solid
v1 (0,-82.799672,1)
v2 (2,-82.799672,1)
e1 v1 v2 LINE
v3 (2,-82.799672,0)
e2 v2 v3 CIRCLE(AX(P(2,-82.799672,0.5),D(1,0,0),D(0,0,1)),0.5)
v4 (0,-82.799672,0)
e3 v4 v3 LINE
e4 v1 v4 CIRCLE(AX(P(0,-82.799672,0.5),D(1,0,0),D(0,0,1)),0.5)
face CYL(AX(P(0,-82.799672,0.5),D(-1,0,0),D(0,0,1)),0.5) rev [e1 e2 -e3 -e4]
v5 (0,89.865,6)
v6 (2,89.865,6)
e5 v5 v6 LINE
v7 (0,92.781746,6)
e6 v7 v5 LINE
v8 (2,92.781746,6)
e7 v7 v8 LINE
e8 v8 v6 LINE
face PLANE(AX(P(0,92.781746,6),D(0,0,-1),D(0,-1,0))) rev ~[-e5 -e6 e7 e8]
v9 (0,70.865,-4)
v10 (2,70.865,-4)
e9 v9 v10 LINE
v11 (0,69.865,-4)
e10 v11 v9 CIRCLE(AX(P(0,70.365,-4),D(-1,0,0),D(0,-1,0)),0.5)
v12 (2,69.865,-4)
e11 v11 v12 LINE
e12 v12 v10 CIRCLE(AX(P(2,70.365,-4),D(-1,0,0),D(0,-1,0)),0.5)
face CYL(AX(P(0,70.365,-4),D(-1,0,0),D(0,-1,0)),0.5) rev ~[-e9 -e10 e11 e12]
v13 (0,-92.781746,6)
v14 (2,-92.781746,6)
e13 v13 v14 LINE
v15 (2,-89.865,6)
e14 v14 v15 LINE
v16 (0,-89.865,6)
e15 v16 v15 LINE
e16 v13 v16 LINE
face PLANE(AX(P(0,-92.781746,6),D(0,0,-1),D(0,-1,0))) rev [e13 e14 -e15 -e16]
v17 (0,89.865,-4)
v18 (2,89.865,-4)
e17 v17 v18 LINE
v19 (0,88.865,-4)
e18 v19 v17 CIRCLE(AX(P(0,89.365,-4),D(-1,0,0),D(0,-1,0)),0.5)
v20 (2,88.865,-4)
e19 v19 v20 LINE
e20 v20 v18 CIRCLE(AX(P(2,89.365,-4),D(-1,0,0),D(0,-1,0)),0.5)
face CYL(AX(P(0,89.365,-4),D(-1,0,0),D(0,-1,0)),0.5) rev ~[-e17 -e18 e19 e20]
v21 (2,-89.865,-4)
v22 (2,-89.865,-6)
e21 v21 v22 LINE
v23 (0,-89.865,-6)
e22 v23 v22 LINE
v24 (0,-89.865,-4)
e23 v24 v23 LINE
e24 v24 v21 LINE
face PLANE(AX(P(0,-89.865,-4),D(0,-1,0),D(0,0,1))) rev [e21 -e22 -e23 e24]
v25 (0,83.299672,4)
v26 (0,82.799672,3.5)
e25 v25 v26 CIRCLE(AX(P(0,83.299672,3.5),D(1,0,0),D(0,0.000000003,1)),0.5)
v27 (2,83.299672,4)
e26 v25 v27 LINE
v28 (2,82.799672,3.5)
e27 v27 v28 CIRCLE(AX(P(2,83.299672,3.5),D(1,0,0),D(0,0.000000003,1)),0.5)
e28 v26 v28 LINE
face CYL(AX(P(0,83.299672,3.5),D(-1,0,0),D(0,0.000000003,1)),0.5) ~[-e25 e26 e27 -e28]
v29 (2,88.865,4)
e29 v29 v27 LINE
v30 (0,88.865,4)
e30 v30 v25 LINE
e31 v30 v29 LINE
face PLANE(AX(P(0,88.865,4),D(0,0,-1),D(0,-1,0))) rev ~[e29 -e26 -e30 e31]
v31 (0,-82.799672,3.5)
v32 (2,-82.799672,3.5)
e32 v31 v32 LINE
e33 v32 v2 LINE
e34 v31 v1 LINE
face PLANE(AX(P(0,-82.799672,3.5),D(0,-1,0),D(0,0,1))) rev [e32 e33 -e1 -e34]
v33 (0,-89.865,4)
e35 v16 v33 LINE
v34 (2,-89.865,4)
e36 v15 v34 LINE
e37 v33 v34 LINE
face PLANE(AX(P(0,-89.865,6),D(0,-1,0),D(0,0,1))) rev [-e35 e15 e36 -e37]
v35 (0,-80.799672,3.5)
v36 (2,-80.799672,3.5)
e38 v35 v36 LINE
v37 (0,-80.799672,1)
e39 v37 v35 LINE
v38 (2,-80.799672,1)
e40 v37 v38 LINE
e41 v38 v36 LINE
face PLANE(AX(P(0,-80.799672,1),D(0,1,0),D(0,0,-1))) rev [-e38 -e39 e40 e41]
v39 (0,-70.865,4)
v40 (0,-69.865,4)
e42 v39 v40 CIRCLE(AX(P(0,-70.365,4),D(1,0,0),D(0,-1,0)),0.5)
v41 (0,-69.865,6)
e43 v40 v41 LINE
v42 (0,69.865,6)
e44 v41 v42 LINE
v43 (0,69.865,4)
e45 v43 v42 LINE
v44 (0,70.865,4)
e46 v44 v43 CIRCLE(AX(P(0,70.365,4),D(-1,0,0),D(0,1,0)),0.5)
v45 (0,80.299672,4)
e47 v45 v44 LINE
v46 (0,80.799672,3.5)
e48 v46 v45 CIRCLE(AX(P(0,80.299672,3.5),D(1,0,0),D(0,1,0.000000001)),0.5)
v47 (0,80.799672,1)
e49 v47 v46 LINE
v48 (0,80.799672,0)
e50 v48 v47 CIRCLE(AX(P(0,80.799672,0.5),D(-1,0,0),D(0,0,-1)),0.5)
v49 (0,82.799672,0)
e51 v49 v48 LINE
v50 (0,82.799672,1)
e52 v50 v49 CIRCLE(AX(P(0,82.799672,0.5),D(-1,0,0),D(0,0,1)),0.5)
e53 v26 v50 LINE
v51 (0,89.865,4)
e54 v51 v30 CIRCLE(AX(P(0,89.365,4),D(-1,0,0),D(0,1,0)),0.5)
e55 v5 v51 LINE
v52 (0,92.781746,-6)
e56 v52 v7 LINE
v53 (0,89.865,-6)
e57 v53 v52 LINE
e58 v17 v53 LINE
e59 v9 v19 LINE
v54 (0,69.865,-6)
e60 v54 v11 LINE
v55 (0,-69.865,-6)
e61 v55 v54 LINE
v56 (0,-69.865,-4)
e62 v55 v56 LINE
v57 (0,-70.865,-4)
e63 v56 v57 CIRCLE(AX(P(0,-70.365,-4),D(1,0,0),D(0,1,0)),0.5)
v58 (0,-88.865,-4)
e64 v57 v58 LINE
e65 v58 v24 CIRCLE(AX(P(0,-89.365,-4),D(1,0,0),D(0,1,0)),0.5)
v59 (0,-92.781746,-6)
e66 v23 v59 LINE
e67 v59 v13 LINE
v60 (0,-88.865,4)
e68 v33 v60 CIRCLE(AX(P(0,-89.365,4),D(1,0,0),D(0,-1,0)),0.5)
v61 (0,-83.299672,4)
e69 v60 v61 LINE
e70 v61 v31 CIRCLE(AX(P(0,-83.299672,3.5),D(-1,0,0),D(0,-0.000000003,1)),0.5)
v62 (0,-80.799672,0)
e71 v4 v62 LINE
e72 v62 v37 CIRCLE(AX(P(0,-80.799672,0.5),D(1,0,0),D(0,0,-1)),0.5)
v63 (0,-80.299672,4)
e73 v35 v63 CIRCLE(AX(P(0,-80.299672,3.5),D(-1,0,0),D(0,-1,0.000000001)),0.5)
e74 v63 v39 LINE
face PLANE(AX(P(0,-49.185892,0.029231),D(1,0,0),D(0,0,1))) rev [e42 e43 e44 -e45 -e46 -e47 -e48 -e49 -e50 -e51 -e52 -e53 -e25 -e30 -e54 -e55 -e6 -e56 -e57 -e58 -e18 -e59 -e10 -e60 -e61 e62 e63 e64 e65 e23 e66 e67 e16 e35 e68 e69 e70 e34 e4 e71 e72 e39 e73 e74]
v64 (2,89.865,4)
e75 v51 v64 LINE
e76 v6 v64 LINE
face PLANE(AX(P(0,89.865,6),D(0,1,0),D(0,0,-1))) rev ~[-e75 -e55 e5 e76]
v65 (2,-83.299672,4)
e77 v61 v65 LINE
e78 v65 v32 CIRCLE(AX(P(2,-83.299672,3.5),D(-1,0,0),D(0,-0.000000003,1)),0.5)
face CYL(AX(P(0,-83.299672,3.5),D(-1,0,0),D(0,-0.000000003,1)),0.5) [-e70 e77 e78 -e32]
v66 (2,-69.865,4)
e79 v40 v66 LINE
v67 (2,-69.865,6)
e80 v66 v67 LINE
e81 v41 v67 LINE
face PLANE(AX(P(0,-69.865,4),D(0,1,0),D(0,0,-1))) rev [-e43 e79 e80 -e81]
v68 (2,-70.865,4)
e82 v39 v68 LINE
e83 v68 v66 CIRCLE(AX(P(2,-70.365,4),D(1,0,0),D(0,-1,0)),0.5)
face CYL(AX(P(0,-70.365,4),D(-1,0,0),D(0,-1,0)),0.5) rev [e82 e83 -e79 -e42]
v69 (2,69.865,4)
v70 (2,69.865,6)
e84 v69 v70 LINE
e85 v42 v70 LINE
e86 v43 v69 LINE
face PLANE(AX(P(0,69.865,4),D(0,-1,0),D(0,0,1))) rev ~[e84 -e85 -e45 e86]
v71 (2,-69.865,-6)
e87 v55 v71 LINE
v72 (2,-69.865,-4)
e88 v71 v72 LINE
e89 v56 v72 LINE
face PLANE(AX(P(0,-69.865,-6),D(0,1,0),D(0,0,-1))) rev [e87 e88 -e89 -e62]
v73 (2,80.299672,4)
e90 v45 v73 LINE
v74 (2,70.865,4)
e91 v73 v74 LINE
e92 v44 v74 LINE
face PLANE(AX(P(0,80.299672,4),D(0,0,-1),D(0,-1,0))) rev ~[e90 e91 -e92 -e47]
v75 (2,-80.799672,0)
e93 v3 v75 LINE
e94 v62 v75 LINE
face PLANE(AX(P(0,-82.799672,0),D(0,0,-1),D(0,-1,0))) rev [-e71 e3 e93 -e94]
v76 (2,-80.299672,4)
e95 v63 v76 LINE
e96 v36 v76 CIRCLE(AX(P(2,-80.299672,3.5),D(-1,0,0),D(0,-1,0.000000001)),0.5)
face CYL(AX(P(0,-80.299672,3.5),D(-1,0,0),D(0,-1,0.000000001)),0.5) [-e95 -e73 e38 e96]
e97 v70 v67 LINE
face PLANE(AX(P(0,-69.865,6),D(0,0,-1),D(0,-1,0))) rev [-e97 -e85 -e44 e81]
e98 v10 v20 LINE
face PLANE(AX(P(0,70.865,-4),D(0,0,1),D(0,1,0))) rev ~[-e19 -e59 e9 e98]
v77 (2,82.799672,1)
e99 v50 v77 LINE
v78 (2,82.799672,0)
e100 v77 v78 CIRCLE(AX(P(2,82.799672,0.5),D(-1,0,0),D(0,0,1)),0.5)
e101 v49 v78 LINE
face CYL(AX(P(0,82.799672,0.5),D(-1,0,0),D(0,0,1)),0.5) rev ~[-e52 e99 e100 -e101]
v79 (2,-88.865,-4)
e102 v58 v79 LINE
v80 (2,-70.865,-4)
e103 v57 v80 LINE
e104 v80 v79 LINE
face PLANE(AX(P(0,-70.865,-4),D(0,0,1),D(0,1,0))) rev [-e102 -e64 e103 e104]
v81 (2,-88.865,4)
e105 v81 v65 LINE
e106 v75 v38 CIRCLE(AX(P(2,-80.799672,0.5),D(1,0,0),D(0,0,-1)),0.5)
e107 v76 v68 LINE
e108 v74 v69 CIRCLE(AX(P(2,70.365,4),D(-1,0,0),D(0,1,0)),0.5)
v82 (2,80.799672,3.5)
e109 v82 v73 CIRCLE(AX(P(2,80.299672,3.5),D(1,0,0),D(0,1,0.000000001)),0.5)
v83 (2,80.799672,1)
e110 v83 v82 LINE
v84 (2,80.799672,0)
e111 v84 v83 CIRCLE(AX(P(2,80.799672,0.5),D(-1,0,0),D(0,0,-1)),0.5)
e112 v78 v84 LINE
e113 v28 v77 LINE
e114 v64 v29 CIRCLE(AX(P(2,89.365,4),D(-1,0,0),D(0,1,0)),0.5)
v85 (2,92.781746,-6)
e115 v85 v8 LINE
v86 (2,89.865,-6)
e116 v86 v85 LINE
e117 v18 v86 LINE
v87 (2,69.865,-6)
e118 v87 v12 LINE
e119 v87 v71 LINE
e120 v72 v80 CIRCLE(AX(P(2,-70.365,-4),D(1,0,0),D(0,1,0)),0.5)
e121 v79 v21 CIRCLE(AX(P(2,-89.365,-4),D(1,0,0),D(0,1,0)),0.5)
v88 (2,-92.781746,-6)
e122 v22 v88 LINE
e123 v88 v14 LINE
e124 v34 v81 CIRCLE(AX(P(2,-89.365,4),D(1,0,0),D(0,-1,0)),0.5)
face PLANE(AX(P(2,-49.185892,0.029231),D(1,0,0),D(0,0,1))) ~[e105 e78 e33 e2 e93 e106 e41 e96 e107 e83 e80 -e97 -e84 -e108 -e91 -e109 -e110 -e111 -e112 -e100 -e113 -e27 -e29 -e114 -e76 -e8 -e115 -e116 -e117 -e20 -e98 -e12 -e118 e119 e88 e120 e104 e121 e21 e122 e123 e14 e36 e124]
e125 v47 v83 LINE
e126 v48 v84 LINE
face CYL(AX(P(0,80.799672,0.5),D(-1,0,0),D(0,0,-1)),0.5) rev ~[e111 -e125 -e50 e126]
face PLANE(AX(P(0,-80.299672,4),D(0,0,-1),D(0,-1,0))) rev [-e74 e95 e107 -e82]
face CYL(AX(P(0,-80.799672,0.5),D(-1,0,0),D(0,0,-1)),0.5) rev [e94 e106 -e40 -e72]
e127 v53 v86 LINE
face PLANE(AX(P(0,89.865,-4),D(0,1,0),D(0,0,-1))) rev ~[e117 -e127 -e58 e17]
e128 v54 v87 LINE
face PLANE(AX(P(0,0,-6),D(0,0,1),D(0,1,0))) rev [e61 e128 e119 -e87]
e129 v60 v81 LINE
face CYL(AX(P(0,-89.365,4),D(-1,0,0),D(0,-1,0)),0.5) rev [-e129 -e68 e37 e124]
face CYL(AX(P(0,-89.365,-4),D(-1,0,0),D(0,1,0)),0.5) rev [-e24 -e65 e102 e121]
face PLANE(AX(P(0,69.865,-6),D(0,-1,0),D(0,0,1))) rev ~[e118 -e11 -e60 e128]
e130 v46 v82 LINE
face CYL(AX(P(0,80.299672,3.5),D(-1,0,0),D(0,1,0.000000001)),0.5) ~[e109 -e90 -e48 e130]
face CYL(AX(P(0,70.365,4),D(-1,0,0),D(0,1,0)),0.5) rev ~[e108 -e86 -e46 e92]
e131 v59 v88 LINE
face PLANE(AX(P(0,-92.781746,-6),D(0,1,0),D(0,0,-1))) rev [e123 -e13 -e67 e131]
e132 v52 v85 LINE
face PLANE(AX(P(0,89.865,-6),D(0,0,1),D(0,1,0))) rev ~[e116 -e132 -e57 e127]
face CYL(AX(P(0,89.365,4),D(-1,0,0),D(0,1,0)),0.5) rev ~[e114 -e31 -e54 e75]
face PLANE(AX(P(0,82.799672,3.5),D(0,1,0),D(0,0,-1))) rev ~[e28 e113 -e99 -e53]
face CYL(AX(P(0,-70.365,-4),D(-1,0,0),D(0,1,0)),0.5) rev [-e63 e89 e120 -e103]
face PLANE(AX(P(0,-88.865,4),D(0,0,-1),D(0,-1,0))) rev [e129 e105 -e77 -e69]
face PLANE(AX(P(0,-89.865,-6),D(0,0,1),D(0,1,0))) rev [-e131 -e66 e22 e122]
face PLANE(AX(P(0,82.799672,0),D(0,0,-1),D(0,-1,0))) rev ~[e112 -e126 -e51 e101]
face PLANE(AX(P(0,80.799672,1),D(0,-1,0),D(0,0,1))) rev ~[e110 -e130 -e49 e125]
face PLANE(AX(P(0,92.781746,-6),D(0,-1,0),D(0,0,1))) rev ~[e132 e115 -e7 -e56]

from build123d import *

# Parameters (mm, degrees)
BOSS_EXTRUDE1_DEPTH = 2


with BuildPart() as part:
    # Sketch2 → Boss-Extrude1 (new body)
    with BuildSketch(Plane(origin=(0, 0, 0), x_dir=(0, 0, -1), z_dir=(1, 0, 0))):
        with BuildLine():
            Line((-6, 0), (6, 0))
            Line((6, 0), (6, 69.865))
            Line((6, 69.865), (4, 69.865))
            ThreePointArc((4, 69.865), (3.5, 70.365), (4, 70.865))
            Line((4, 70.865), (4, 88.865))
            ThreePointArc((4, 88.865), (3.5, 89.365), (4, 89.865))
            Line((4, 89.865), (6, 89.865))
            Line((6, 89.865), (6, 92.781745931))
            Line((6, 92.781745931), (-6, 92.781745931))
            Line((-6, 92.781745931), (-6, 89.865))
            Line((-6, 89.865), (-4, 89.865))
            ThreePointArc((-4, 89.865), (-3.5, 89.365), (-4, 88.865))
            Line((-4, 88.865), (-4, 83.299671709))
            ThreePointArc((-4, 83.299671709), (-3.853553391, 82.946118318), (-3.5, 82.799671709))
            Line((-3.5, 82.799671709), (-1, 82.799671709))
            ThreePointArc((-1, 82.799671709), (-0.5, 83.299671709), (0, 82.799671709))
            Line((0, 82.799671709), (0, 80.799671709))
            ThreePointArc((0, 80.799671709), (-0.5, 80.299671709), (-1, 80.799671709))
            Line((-1, 80.799671709), (-3.5, 80.799671709))
            ThreePointArc((-3.5, 80.799671709), (-3.853553391, 80.653225099), (-4, 80.299671709))
            Line((-4, 80.299671709), (-4, 70.865))
            ThreePointArc((-4, 70.865), (-3.5, 70.365), (-4, 69.865))
            Line((-4, 69.865), (-6, 69.865))
            Line((-6, 69.865), (-6, 0))
        make_face()
    boss_extrude1 = extrude(amount=BOSS_EXTRUDE1_DEPTH)

    # Mirror1: Boss-Extrude1 across plane
    add(boss_extrude1.mirror(Plane.ZX))


solid = part.part
